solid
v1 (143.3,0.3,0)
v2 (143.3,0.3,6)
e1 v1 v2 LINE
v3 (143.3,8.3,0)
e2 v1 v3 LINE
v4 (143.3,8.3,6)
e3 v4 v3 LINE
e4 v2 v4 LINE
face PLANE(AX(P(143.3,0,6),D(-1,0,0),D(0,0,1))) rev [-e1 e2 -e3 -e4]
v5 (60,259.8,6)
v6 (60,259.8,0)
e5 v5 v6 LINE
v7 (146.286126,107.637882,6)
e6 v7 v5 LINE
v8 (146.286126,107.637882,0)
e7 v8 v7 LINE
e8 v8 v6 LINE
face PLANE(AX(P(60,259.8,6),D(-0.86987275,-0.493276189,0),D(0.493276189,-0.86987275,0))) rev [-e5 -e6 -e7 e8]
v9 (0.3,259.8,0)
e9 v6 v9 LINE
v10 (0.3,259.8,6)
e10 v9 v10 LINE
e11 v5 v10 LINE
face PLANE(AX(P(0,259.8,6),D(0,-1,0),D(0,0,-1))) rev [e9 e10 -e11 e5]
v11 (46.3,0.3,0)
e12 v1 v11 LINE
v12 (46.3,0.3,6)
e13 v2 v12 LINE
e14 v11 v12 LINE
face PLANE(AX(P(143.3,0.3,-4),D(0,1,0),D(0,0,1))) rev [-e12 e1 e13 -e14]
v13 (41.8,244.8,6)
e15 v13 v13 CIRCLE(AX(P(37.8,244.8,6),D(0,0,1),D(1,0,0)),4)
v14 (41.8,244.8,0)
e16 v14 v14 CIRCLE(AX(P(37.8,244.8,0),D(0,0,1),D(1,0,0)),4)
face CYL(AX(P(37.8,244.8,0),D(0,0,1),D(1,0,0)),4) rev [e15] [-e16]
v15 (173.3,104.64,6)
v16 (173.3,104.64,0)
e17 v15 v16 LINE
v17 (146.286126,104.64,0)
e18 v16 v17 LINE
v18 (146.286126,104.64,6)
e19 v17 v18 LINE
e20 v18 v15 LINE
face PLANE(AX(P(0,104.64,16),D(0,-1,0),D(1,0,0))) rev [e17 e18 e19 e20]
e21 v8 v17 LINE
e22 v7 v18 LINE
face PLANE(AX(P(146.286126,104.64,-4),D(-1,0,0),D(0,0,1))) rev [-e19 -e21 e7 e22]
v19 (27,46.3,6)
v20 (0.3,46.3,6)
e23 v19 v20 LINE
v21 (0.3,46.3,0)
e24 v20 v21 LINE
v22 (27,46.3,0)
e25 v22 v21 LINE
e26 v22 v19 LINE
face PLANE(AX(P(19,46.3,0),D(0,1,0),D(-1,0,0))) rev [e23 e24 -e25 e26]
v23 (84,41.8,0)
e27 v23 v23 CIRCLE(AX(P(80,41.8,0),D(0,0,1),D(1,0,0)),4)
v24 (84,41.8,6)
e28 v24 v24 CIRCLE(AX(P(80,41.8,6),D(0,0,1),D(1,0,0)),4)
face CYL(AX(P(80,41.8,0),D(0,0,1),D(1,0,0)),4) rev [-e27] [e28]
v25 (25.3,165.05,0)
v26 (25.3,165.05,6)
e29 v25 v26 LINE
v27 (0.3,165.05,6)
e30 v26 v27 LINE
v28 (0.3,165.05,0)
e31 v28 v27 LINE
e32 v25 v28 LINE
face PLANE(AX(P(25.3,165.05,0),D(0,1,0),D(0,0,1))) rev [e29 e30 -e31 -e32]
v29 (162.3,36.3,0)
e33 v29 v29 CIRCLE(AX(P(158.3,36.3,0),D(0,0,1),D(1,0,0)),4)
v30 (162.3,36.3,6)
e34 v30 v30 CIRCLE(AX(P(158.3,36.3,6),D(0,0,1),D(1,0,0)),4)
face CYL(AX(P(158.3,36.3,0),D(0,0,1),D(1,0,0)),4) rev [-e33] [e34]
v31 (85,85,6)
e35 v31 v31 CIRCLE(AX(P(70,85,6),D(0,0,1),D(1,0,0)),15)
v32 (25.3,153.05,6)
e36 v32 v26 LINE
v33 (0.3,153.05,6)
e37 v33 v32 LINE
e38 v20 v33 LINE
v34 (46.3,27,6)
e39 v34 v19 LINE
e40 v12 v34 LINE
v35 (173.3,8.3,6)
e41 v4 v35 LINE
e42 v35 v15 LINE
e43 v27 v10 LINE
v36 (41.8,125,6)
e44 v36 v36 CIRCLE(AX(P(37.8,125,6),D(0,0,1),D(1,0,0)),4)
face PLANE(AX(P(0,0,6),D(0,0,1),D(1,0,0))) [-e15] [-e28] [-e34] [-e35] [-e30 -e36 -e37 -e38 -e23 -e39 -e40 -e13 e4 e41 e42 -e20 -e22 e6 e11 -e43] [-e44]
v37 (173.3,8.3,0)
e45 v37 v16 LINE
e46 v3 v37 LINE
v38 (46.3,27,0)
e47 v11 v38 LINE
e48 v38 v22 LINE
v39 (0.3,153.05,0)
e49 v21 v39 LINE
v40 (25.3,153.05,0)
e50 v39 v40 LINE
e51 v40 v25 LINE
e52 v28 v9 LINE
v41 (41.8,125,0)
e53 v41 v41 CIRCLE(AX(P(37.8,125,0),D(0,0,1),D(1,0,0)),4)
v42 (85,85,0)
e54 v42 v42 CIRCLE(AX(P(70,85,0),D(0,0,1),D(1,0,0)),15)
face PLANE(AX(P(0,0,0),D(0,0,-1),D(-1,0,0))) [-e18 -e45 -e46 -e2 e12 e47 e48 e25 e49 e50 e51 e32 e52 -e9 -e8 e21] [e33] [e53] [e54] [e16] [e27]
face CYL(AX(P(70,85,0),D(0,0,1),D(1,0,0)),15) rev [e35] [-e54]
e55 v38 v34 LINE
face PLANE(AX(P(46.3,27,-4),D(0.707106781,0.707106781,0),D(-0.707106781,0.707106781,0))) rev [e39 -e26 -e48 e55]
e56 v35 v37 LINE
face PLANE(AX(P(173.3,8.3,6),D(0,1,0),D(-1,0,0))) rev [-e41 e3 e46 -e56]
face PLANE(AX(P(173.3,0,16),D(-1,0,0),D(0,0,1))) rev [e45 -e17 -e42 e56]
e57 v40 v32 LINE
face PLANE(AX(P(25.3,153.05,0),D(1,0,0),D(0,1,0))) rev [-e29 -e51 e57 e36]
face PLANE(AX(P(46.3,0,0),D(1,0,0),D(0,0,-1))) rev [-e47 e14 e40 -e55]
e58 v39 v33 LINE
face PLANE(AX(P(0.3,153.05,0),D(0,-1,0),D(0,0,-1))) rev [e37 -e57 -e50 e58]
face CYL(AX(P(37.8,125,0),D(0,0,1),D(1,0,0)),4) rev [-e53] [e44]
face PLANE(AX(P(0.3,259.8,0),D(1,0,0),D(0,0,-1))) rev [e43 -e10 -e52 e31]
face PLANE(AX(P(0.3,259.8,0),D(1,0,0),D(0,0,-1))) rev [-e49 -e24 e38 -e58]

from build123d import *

# Parameters (mm, degrees)
BOSS_EXTRUDE1_DEPTH     = 6
SKETCH2_R               = 4
SKETCH2_R_2             = 15
CUT_EXTRUDE1_DEPTH      = 313.353853826
CROQUIS2_W              = 97
CROQUIS2_H              = 0.3
CORTAR_EXTRUIR1_DEPTH   = 10
CORTAR_EXTRUIR2_DEPTH   = 10
CROQUIS4_R              = 4
CORTAR_EXTRUIR3_DEPTH   = 6
SALIENTE_EXTRUIR2_DEPTH = 6
CROQUIS7_W              = 0.3
CROQUIS7_H              = 222.05
CORTAR_EXTRUIR4_DEPTH   = 6
CROQUIS8_W              = 25
CROQUIS8_H              = 12
CORTAR_EXTRUIR5_DEPTH   = 6
SALIENTE_EXTRUIR3_DEPTH = 10
CORTAR_EXTRUIR6_DEPTH   = 10
SALIENTE_EXTRUIR4_DEPTH = 16
CROQUIS12_W             = 25.313873874
CROQUIS12_H             = 10
CORTAR_EXTRUIR7_DEPTH   = 67
CROQUIS13_R             = 4
CORTAR_EXTRUIR8_DEPTH   = 10
SALIENTE_EXTRUIR5_DEPTH = 6
CROQUIS15_R             = 4
CORTAR_EXTRUIR9_DEPTH   = 10
SALIENTE_EXTRUIR7_DEPTH = 6
CROQUIS18_R             = 4
CORTAR_EXTRUIR10_DEPTH  = 6
SALIENTE_EXTRUIR8_DEPTH = 6


with BuildPart() as part:
    # Sketch1 → Boss-Extrude1 (new body)
    with BuildSketch(Plane.XY):
        Polygon((0, 0), (143.3, 0), (143.3, 8.3), (173.3, 8.3), (173.3, 60), (60, 259.8), (0, 259.8), align=None)
    extrude(amount=BOSS_EXTRUDE1_DEPTH)

    # Sketch2 → Cut-Extrude1 (cut, through all)
    with BuildSketch(Plane.XY.offset(6)):
        with Locations((158.3, 36.3)):
            Circle(SKETCH2_R)
        with Locations((37.8, 244.8)):
            Circle(SKETCH2_R)
        with Locations((37.8, 125)):
            Circle(SKETCH2_R)
        with Locations((80, 43.8)):
            Circle(SKETCH2_R)
        with Locations((70, 85)):
            Circle(SKETCH2_R_2)
        Polygon((46.3, 0), (46.3, 19), (19, 46.3), (0, 46.3), (0, 0), align=None)
    extrude(amount=-CUT_EXTRUDE1_DEPTH, mode=Mode.SUBTRACT)

    # Croquis2 → Cortar-Extruir1 (cut)
    with BuildSketch(Plane.XY.offset(6)):
        with Locations((94.8, 0.15)):
            Rectangle(CROQUIS2_W, CROQUIS2_H)
    extrude(amount=-CORTAR_EXTRUIR1_DEPTH, mode=Mode.SUBTRACT)

    # Croquis3 → Cortar-Extruir2 (cut)
    with BuildSketch(Plane.XY.offset(6)):
        Polygon((46.3, 19), (19, 46.3), (27, 46.3), (46.3, 27), align=None)
    extrude(amount=-CORTAR_EXTRUIR2_DEPTH, mode=Mode.SUBTRACT)

    # Croquis4 → Cortar-Extruir3 (cut)
    with BuildSketch(Plane.XY.offset(6)):
        with Locations((80, 36.3)):
            Circle(CROQUIS4_R)
        with Locations((80, 43.8)):
            Circle(CROQUIS4_R)
    extrude(amount=-CORTAR_EXTRUIR3_DEPTH, mode=Mode.SUBTRACT)

    # Croquis6 → Saliente-Extruir2 (add)
    with BuildSketch(Plane.XY.offset(6)):
        with BuildLine():
            ThreePointArc((81.391941091, 40.05), (83.283882181, 41.516117819), (84, 43.8))
            ThreePointArc((84, 43.8), (77.716117819, 47.083882181), (78.608058909, 40.05))
            ThreePointArc((78.608058909, 40.05), (80, 40.3), (81.391941091, 40.05))
        make_face()
    extrude(amount=-SALIENTE_EXTRUIR2_DEPTH)

    # Croquis7 → Cortar-Extruir4 (cut)
    with BuildSketch(Plane.XY.offset(6)):
        with Locations((0.15, 148.775)):
            Rectangle(CROQUIS7_W, CROQUIS7_H)
    extrude(amount=-CORTAR_EXTRUIR4_DEPTH, mode=Mode.SUBTRACT)

    # Croquis8 → Cortar-Extruir5 (cut)
    with BuildSketch(Plane.XY.offset(6)):
        with Locations((12.8, 159.05)):
            Rectangle(CROQUIS8_W, CROQUIS8_H)
    extrude(amount=-CORTAR_EXTRUIR5_DEPTH, mode=Mode.SUBTRACT)

    # Croquis10 → Cortar-Extruir6 (cut)
    with BuildSketch(Plane.XY.offset(6)):
        Polygon((147.986126126, 104.64), (146.286126126, 104.64), (146.286126126, 107.63788173), align=None)
    extrude(amount=-CORTAR_EXTRUIR6_DEPTH, mode=Mode.SUBTRACT)



with BuildPart() as body_2:
    # Croquis9 → Saliente-Extruir3 (new body)
    with BuildSketch(Plane.XY.offset(6)):
        Polygon((147.986126126, 104.64), (173.3, 60), (173.3, 104.64), align=None)
    extrude(amount=SALIENTE_EXTRUIR3_DEPTH)


with BuildPart() as part_1:
    add(part.part)

    add(body_2.part)  # Saliente-Extruir4 merges body 2
    # Croquis11 → Saliente-Extruir4 (add)
    with BuildSketch(Plane.XY.offset(16)):
        Polygon((173.3, 60), (173.3, 104.64), (147.986126126, 104.64), align=None)
    extrude(amount=-SALIENTE_EXTRUIR4_DEPTH)

    # Croquis12 → Cortar-Extruir7 (cut)
    with BuildSketch(Plane(origin=(0, 104.64, 0), x_dir=(1, 0, 0), z_dir=(0, 1, 0))):
        with Locations((160.643063063, -11)):
            Rectangle(CROQUIS12_W, CROQUIS12_H)
    extrude(amount=-CORTAR_EXTRUIR7_DEPTH, mode=Mode.SUBTRACT)

    # Croquis13 → Cortar-Extruir8 (cut)
    with BuildSketch(Plane.XY.offset(6)):
        with Locations((80, 41.8)):
            Circle(CROQUIS13_R)
    extrude(amount=-CORTAR_EXTRUIR8_DEPTH, mode=Mode.SUBTRACT)

    # Croquis14 → Saliente-Extruir5 (add)
    with BuildSketch(Plane.XY.offset(6)):
        with BuildLine():
            ThreePointArc((82.90473751, 39.05), (80, 37.8), (77.09526249, 39.05))
            ThreePointArc((77.09526249, 39.05), (78.519957777, 32.5838898), (84, 36.3))
            ThreePointArc((84, 36.3), (83.7161102, 37.780042223), (82.90473751, 39.05))
        make_face()
    extrude(amount=-SALIENTE_EXTRUIR5_DEPTH)

    # Croquis15 → Cortar-Extruir9 (cut)
    with BuildSketch(Plane.XY.offset(6)):
        with Locations((80, 47.3)):
            Circle(CROQUIS15_R)
    extrude(amount=-CORTAR_EXTRUIR9_DEPTH, mode=Mode.SUBTRACT)

    # Croquis16 → Saliente-Extruir7 (add)
    with BuildSketch(Plane.XY.offset(6)):
        with BuildLine():
            ThreePointArc((77.09526249, 44.55), (78.519957777, 38.0838898), (84, 41.8))
            ThreePointArc((84, 41.8), (83.7161102, 43.280042223), (82.90473751, 44.55))
            ThreePointArc((82.90473751, 44.55), (80, 43.3), (77.09526249, 44.55))
        make_face()
    extrude(amount=-SALIENTE_EXTRUIR7_DEPTH)

    # Croquis18 → Cortar-Extruir10 (cut)
    with BuildSketch(Plane.XY.offset(6)):
        with Locations((80, 41.8)):
            Circle(CROQUIS18_R)
    extrude(amount=-CORTAR_EXTRUIR10_DEPTH, mode=Mode.SUBTRACT)

    # Croquis19 → Saliente-Extruir8 (add)
    with BuildSketch(Plane.XY.offset(6)):
        with BuildLine():
            ThreePointArc((82.90473751, 44.55), (83.7161102, 45.819957777), (84, 47.3))
            ThreePointArc((84, 47.3), (78.519957777, 51.0161102), (77.09526249, 44.55))
            ThreePointArc((77.09526249, 44.55), (80, 45.8), (82.90473751, 44.55))
        make_face()
    extrude(amount=-SALIENTE_EXTRUIR8_DEPTH)


solid = part_1.part
